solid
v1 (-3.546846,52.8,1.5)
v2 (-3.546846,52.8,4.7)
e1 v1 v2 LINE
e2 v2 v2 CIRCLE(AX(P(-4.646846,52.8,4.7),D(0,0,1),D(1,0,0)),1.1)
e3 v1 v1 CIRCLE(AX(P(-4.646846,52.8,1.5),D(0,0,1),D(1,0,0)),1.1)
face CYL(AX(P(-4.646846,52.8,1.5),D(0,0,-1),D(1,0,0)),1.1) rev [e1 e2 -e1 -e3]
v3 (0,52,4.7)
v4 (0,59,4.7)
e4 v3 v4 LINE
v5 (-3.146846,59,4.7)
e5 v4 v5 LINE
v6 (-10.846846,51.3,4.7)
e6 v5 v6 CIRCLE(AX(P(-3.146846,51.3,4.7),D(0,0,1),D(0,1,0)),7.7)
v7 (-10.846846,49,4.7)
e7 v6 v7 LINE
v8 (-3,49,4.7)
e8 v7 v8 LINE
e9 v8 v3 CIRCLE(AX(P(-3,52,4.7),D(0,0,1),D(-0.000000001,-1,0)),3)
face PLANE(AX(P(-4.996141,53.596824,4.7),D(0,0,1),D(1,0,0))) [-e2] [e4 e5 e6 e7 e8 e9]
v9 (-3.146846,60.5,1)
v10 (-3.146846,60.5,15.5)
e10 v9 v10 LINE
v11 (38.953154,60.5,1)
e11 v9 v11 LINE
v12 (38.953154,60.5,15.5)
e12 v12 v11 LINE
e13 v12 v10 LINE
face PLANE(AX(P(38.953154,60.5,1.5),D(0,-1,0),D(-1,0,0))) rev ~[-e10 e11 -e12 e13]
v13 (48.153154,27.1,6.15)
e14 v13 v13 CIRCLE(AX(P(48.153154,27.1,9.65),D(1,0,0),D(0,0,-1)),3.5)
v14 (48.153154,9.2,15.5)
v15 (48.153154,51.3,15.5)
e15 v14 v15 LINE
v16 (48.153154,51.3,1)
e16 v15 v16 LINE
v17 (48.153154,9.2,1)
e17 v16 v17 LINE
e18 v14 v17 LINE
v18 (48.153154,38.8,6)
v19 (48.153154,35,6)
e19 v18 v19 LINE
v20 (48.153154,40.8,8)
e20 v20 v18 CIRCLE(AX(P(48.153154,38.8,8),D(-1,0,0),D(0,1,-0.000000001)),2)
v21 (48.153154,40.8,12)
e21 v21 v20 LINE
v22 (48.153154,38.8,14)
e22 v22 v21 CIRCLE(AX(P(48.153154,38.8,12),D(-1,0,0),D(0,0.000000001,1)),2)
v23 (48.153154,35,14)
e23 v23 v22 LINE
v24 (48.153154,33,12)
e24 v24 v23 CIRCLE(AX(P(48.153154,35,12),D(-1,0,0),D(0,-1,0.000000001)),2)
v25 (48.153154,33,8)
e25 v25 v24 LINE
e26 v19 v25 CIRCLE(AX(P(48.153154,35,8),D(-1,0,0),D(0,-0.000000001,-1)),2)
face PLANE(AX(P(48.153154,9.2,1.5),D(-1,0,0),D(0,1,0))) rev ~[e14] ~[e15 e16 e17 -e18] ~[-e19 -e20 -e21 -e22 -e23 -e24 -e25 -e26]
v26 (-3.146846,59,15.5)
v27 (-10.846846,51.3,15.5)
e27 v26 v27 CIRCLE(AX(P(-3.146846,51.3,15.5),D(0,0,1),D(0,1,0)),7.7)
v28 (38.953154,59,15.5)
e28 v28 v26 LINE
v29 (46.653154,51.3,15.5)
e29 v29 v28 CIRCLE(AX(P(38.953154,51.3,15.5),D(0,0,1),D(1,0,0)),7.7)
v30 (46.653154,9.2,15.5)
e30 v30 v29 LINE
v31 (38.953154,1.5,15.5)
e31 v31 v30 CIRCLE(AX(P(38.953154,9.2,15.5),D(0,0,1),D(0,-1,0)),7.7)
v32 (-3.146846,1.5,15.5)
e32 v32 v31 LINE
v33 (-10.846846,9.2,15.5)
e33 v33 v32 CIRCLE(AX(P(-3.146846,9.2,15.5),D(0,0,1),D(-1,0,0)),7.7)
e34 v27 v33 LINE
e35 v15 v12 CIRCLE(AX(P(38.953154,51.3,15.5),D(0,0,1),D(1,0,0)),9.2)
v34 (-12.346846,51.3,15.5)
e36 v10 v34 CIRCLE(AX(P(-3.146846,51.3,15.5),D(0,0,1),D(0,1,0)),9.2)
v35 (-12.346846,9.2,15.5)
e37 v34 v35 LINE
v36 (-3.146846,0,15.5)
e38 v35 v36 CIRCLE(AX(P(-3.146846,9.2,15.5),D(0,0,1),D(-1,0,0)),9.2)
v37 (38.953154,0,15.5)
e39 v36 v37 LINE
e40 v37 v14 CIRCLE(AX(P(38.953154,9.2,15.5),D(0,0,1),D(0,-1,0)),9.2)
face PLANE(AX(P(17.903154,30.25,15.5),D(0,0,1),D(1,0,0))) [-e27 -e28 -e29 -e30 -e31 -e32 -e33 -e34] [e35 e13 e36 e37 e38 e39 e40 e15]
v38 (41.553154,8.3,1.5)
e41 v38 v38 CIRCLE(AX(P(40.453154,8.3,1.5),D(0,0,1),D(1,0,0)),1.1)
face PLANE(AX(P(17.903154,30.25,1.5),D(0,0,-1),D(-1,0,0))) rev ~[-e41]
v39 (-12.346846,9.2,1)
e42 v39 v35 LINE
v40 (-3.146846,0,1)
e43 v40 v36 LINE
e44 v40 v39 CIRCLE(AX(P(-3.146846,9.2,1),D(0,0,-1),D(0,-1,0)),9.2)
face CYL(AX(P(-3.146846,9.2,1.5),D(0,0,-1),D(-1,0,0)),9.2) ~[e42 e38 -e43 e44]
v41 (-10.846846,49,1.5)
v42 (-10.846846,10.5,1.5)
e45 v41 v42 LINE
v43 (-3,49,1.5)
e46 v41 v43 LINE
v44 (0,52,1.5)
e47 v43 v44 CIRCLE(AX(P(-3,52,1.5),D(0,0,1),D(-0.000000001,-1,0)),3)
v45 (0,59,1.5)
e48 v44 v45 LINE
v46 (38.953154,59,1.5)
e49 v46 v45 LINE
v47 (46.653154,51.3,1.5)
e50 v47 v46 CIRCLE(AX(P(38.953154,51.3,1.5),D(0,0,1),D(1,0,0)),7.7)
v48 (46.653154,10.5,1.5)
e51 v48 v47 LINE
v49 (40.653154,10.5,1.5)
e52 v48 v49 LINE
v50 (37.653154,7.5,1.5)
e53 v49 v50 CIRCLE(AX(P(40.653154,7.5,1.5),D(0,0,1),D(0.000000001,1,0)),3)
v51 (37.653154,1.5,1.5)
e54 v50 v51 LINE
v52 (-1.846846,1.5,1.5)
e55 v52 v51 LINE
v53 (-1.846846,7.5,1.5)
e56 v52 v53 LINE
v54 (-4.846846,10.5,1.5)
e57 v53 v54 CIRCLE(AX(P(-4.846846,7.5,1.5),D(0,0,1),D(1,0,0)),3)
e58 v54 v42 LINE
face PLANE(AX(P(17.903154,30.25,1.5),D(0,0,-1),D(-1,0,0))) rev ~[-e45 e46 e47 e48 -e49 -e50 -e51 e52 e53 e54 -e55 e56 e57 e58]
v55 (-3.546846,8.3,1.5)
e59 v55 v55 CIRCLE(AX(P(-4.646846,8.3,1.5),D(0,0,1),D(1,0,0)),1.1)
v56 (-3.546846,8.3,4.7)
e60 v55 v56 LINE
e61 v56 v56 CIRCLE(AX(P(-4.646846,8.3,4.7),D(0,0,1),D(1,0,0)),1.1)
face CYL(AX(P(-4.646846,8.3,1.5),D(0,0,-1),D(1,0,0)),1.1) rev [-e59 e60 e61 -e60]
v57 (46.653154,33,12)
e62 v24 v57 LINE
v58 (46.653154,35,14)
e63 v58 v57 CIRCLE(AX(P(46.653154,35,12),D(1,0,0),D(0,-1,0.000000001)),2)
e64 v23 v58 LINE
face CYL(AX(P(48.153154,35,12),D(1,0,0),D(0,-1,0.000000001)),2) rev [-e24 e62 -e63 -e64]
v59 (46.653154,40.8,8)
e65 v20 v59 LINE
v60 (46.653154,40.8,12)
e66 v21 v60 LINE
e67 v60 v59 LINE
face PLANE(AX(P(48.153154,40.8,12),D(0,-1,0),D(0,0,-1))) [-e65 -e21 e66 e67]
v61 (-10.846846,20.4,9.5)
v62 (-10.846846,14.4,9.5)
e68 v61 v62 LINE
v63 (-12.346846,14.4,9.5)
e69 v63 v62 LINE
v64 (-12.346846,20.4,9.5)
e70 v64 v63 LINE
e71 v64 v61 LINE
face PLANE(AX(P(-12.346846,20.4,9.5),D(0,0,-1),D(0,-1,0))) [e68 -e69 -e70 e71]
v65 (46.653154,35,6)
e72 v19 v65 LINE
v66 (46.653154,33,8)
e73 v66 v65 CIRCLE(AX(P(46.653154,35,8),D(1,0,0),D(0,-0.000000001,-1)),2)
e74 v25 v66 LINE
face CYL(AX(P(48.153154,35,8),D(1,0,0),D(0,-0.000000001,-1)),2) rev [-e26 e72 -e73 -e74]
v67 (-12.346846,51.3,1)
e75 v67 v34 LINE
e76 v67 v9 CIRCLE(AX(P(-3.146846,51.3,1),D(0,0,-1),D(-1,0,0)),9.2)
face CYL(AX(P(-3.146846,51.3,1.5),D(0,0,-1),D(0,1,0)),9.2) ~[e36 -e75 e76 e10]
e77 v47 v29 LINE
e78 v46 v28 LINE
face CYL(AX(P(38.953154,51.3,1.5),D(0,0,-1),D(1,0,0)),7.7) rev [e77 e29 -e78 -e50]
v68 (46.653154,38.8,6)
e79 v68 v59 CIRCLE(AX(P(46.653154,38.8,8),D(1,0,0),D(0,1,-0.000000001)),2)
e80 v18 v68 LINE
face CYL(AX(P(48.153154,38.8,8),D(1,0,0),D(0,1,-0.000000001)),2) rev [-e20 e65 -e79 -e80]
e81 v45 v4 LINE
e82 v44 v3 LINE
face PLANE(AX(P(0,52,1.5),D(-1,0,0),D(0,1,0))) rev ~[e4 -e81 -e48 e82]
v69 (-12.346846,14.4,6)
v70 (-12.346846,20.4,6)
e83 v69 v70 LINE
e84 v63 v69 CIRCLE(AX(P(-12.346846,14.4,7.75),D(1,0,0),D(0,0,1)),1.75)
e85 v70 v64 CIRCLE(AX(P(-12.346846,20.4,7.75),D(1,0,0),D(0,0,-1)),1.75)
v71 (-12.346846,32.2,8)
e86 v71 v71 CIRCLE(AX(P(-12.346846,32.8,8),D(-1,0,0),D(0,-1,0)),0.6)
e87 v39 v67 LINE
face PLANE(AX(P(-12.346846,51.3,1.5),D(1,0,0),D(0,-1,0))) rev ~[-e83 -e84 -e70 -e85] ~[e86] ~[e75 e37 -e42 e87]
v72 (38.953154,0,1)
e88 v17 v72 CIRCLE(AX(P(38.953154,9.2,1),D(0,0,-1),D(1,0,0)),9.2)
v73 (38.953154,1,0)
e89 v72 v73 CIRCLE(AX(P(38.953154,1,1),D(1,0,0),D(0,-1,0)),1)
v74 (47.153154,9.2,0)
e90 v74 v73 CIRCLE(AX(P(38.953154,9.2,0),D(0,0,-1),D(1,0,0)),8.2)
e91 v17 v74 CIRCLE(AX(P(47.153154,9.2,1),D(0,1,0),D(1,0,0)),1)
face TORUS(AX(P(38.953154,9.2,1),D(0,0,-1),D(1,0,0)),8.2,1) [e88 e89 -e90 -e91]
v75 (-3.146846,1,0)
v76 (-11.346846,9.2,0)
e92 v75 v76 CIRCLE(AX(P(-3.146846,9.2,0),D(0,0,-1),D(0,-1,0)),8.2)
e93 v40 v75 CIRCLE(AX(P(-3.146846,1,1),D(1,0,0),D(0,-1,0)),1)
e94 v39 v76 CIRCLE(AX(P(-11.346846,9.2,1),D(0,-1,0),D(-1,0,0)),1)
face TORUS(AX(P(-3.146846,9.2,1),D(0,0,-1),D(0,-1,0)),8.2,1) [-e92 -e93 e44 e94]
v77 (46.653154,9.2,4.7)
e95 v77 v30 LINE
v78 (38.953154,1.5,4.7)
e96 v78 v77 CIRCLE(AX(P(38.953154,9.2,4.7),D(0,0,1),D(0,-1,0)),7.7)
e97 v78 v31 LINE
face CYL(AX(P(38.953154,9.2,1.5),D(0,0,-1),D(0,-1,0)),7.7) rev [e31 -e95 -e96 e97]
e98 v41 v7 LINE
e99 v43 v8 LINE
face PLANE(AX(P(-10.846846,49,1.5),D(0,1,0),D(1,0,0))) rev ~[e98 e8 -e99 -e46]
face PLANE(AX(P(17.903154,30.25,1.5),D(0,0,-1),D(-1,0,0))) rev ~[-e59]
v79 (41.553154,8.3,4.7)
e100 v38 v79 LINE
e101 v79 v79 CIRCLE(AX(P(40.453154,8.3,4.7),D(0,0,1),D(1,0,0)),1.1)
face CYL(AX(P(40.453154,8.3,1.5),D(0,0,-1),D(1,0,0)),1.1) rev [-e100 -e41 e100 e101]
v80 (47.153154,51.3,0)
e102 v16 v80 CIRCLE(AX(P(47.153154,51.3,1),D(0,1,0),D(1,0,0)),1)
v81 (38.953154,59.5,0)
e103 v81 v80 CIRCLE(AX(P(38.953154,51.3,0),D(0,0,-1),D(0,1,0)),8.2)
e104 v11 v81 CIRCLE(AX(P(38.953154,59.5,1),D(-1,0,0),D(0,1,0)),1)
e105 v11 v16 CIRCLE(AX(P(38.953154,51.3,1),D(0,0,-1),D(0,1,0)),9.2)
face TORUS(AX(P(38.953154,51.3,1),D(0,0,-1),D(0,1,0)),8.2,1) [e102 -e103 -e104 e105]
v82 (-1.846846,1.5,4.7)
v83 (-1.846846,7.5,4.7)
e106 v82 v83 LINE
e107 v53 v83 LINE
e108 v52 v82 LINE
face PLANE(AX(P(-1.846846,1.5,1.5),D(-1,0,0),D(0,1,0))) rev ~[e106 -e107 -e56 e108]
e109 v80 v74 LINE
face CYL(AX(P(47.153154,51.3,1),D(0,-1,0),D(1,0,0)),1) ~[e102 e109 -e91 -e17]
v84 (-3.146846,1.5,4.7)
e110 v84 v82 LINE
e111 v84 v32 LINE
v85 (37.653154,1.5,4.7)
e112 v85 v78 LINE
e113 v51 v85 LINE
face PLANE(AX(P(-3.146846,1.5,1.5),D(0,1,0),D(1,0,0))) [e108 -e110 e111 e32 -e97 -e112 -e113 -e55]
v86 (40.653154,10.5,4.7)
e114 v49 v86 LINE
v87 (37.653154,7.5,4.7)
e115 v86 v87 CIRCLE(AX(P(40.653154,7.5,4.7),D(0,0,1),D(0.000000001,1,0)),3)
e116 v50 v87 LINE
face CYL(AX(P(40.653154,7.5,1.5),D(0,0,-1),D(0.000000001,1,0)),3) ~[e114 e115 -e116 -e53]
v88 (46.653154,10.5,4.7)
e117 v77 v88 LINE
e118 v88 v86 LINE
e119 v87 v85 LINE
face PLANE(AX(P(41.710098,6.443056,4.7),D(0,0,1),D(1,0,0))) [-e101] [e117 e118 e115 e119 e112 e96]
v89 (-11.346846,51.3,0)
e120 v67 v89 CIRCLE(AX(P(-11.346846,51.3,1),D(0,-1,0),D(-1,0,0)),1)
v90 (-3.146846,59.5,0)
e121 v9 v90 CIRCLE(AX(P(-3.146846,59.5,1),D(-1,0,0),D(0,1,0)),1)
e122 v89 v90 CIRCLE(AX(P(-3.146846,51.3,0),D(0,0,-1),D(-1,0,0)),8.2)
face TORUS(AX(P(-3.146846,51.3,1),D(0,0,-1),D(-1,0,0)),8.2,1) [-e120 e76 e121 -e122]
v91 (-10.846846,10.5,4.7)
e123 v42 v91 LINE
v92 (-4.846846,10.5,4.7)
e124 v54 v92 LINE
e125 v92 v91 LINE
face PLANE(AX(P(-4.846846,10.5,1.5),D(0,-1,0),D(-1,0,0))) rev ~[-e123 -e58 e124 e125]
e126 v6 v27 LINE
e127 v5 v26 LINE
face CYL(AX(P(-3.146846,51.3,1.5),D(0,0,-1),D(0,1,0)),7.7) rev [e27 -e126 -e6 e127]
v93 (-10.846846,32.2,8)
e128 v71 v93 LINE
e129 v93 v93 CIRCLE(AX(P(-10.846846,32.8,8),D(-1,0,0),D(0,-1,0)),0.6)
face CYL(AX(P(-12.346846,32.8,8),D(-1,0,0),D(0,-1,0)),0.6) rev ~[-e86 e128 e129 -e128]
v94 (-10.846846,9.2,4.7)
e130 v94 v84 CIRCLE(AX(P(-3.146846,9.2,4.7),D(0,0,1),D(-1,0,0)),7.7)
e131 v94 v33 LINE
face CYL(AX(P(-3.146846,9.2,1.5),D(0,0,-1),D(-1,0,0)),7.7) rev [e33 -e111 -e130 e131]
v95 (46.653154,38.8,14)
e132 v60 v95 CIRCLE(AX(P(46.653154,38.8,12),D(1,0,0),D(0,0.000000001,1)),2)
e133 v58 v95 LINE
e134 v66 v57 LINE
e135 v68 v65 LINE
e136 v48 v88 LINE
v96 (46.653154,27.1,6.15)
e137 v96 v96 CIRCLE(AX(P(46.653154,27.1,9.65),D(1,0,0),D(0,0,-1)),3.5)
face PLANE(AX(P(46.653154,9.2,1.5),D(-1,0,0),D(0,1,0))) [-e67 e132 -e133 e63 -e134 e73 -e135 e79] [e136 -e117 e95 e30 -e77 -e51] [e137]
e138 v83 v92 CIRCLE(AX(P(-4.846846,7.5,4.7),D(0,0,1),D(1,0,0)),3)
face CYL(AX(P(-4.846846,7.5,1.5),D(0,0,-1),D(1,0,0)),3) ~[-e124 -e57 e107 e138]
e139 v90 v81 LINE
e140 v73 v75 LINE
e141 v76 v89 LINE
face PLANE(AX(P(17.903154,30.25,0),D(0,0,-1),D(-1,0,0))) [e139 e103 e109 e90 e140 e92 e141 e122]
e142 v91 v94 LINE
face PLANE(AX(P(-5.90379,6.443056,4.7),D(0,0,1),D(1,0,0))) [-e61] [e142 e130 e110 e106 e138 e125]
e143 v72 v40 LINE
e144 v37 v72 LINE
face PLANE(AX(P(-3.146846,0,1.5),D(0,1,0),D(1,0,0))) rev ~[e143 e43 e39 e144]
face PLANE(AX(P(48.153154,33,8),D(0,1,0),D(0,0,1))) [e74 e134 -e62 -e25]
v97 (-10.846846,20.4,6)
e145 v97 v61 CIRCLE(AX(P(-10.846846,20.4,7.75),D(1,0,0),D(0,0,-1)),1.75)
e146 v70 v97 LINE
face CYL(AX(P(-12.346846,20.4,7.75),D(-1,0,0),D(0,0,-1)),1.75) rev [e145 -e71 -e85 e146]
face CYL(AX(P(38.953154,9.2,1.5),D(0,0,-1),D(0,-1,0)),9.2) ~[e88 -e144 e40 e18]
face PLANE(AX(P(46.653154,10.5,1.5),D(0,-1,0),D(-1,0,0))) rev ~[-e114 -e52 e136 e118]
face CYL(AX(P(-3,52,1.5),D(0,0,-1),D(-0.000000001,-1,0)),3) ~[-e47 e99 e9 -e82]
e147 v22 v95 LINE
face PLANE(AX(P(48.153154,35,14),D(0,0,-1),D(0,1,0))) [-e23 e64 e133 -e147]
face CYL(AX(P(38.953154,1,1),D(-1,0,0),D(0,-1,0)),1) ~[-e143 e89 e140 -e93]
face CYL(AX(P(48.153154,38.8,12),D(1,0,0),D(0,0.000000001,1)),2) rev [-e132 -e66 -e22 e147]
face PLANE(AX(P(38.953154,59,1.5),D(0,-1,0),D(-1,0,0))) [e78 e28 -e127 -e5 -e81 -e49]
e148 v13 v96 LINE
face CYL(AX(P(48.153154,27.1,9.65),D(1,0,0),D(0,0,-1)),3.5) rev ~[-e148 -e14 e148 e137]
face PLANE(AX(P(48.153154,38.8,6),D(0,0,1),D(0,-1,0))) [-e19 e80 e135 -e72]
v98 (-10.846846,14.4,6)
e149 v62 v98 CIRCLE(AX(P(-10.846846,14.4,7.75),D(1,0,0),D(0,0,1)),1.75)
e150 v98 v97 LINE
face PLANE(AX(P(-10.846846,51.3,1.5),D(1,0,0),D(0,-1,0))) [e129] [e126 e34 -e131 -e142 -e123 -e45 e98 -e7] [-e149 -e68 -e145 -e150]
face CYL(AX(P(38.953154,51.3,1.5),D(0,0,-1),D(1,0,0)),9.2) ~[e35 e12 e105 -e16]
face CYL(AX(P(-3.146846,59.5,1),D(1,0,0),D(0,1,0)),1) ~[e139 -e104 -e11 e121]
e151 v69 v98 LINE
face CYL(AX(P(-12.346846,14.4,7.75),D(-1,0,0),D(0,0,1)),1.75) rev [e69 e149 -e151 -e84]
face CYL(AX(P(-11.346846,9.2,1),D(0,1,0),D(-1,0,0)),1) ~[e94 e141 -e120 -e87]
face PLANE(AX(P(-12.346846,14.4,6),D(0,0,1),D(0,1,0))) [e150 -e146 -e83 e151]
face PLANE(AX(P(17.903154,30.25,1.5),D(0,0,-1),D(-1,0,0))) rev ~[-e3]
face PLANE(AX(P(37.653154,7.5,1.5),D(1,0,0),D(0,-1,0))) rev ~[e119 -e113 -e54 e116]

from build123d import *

# Parameters (mm, degrees)
EXTRUDE_1_DEPTH     = 1.5
EXTRUDE_3_DEPTH     = 14
SKETCH_4_R          = 1.1
EXTRUDE_4_DEPTH     = 3.2
SKETCH_5_R          = 1.1
EXTRUDE_5_DEPTH     = 3.2
SKETCH_8_R          = 1.1
EXTRUDE_7_DEPTH     = 3.2
SKETCH_9_R          = 0.6
CUT_EXTRUDE_5_DEPTH = 1.5
CUT_EXTRUDE_6_DEPTH = 1.5
CUT_EXTRUDE_7_REACH = 88.953
SKETCH_16_R         = 3.5
FILLET_1_R          = 1


with BuildPart() as part:
    # 草图1 → 凸台-拉伸1 (new body)
    with BuildSketch(Plane.XY):
        with BuildLine():
            Line((-3.146845785, 60.5), (38.953154215, 60.5))
            ThreePointArc((38.953154215, 60.5), (45.458536602, 57.805382387), (48.153154215, 51.3))
            Line((48.153154215, 51.3), (48.153154215, 9.2))
            ThreePointArc((48.153154215, 9.2), (45.458536602, 2.694617613), (38.953154215, 0))
            Line((38.953154215, 0), (-3.146845785, 0))
            ThreePointArc((-3.146845785, 0), (-9.652228172, 2.694617613), (-12.346845785, 9.2))
            Line((-12.346845785, 9.2), (-12.346845785, 51.3))
            ThreePointArc((-12.346845785, 51.3), (-9.652228172, 57.805382387), (-3.146845785, 60.5))
        make_face()
    extrude(amount=EXTRUDE_1_DEPTH)

    # 草图3 → 凸台-拉伸3 (add)
    with BuildSketch(Plane.XY.offset(1.5)):
        with BuildLine():
            Line((38.953154215, 60.5), (-3.146845785, 60.5))
            ThreePointArc((-3.146845785, 60.5), (-9.652228172, 57.805382387), (-12.346845785, 51.3))
            Line((-12.346845785, 51.3), (-12.346845785, 9.2))
            ThreePointArc((-12.346845785, 9.2), (-9.652228172, 2.694617613), (-3.146845785, 0))
            Line((-3.146845785, 0), (38.953154215, 0))
            ThreePointArc((38.953154215, 0), (45.458536602, 2.694617613), (48.153154215, 9.2))
            Line((48.153154215, 9.2), (48.153154215, 51.3))
            ThreePointArc((48.153154215, 51.3), (45.458536602, 57.805382387), (38.953154215, 60.5))
        make_face()
        with BuildLine():
            Line((38.953154215, 59), (-3.146845785, 59))
            ThreePointArc((-3.146845785, 59), (-8.591568001, 56.744722215), (-10.846845785, 51.3))
            Line((-10.846845785, 51.3), (-10.846845785, 9.2))
            ThreePointArc((-10.846845785, 9.2), (-8.591568001, 3.755277785), (-3.146845785, 1.5))
            Line((-3.146845785, 1.5), (38.953154215, 1.5))
            ThreePointArc((38.953154215, 1.5), (44.39787643, 3.755277785), (46.653154215, 9.2))
            Line((46.653154215, 9.2), (46.653154215, 51.3))
            ThreePointArc((46.653154215, 51.3), (44.39787643, 56.744722215), (38.953154215, 59))
        make_face(mode=Mode.SUBTRACT)
    extrude(amount=EXTRUDE_3_DEPTH)

    # 草图4 → 凸台-拉伸4 (add)
    with BuildSketch(Plane.XY.offset(1.5)):
        with BuildLine():
            Line((0, 52), (0, 59))
            Line((0, 59), (-3.146845785, 59))
            ThreePointArc((-3.146845785, 59), (-8.591568001, 56.744722215), (-10.846845785, 51.3))
            Line((-10.846845785, 51.3), (-10.846845785, 49))
            Line((-10.846845785, 49), (-3, 49))
            ThreePointArc((-3, 49), (-0.878679656, 49.878679656), (0, 52))
        make_face()
        with Locations((-4.646845785, 52.8)):
            Circle(SKETCH_4_R, mode=Mode.SUBTRACT)
    extrude(amount=EXTRUDE_4_DEPTH)

    # 草图5 → 凸台-拉伸5 (add)
    with BuildSketch(Plane.XY.offset(1.5)):
        with BuildLine():
            Line((-4.846845785, 10.5), (-10.846845785, 10.5))
            Line((-10.846845785, 10.5), (-10.846845785, 9.2))
            ThreePointArc((-10.846845785, 9.2), (-8.591568001, 3.755277785), (-3.146845785, 1.5))
            Line((-3.146845785, 1.5), (-1.846845785, 1.5))
            Line((-1.846845785, 1.5), (-1.846845785, 7.5))
            ThreePointArc((-1.846845785, 7.5), (-2.725525442, 9.621320344), (-4.846845785, 10.5))
        make_face()
        with Locations((-4.646845785, 8.3)):
            Circle(SKETCH_5_R, mode=Mode.SUBTRACT)
    extrude(amount=EXTRUDE_5_DEPTH)

    # 草图8 → 凸台-拉伸7 (add)
    with BuildSketch(Plane.XY.offset(1.5)):
        with BuildLine():
            Line((37.653154215, 7.5), (37.653154215, 1.5))
            Line((37.653154215, 1.5), (38.953154215, 1.5))
            ThreePointArc((38.953154215, 1.5), (44.39787643, 3.755277785), (46.653154215, 9.2))
            Line((46.653154215, 9.2), (46.653154215, 10.5))
            Line((46.653154215, 10.5), (40.653154215, 10.5))
            ThreePointArc((40.653154215, 10.5), (38.531833871, 9.621320344), (37.653154215, 7.5))
        make_face()
        with Locations((40.453154215, 8.3)):
            Circle(SKETCH_8_R, mode=Mode.SUBTRACT)
    extrude(amount=EXTRUDE_7_DEPTH)

    # 草图9 → 切除-拉伸5 (cut)
    with BuildSketch(Plane.ZY.offset(12.346845785)):
        with Locations(Location((8, 32.8, 0), (0, 0, 270))):
            Circle(SKETCH_9_R)
    extrude(amount=-CUT_EXTRUDE_5_DEPTH, mode=Mode.SUBTRACT)

    # 草图10 → 切除-拉伸6 (cut)
    with BuildSketch(Plane.ZY.offset(12.346845785)):
        with BuildLine():
            Line((9.5, 20.4), (9.5, 14.4))
            ThreePointArc((9.5, 14.4), (7.75, 12.65), (6, 14.4))
            Line((6, 14.4), (6, 20.4))
            ThreePointArc((6, 20.4), (7.75, 22.15), (9.5, 20.4))
        make_face()
    extrude(amount=-CUT_EXTRUDE_6_DEPTH, mode=Mode.SUBTRACT)

    # 草图16 → 切除-拉伸7 (cut, up to next)
    with BuildSketch(Plane(origin=(48.153154215, 0, 0), x_dir=(0, 0, -1), z_dir=(1, 0, 0)), mode=Mode.PRIVATE) as cut_extrude_7_sk1:
        with Locations((-9.65, 27.1)):
            Circle(SKETCH_16_R)
    cut_extrude_7_tool1 = extrude(cut_extrude_7_sk1.sketch, amount=-CUT_EXTRUDE_7_REACH, mode=Mode.PRIVATE) & part.part
    # 草图16 → 切除-拉伸7 (cut, up to next)
    with BuildSketch(Plane(origin=(48.153154215, 0, 0), x_dir=(0, 0, -1), z_dir=(1, 0, 0)), mode=Mode.PRIVATE) as cut_extrude_7_sk2:
        with BuildLine():
            Line((-12, 40.8), (-8, 40.8))
            ThreePointArc((-8, 40.8), (-6.585786438, 40.214213562), (-6, 38.8))
            Line((-6, 38.8), (-6, 35))
            ThreePointArc((-6, 35), (-6.585786438, 33.585786438), (-8, 33))
            Line((-8, 33), (-12, 33))
            ThreePointArc((-12, 33), (-13.414213562, 33.585786438), (-14, 35))
            Line((-14, 35), (-14, 38.8))
            ThreePointArc((-14, 38.8), (-13.414213562, 40.214213562), (-12, 40.8))
        make_face()
    cut_extrude_7_tool2 = extrude(cut_extrude_7_sk2.sketch, amount=-CUT_EXTRUDE_7_REACH, mode=Mode.PRIVATE) & part.part
    add(cut_extrude_7_tool1.solids().sort_by_distance((48.153154, 27.1, 9.65))[0], mode=Mode.SUBTRACT)
    add(cut_extrude_7_tool2.solids().sort_by_distance((48.153154, 36.9, 10))[0], mode=Mode.SUBTRACT)

    # 圆角1
    fillet_1_edges = [part.edges().sort_by_distance(p)[0] for p in [
        (-12.346845785, 30.25, 0),
        (-9.652228172, 57.805382387, 0),
        (17.903154215, 60.5, 0),
        (45.458536602, 57.805382387, 0),
        (48.153154215, 30.25, 0),
        (45.458536602, 2.694617613, 0),
        (17.903154215, 0, 0),
        (-9.652228172, 2.694617613, 0),
    ]]
    fillet(fillet_1_edges, radius=FILLET_1_R)


solid = part.part
